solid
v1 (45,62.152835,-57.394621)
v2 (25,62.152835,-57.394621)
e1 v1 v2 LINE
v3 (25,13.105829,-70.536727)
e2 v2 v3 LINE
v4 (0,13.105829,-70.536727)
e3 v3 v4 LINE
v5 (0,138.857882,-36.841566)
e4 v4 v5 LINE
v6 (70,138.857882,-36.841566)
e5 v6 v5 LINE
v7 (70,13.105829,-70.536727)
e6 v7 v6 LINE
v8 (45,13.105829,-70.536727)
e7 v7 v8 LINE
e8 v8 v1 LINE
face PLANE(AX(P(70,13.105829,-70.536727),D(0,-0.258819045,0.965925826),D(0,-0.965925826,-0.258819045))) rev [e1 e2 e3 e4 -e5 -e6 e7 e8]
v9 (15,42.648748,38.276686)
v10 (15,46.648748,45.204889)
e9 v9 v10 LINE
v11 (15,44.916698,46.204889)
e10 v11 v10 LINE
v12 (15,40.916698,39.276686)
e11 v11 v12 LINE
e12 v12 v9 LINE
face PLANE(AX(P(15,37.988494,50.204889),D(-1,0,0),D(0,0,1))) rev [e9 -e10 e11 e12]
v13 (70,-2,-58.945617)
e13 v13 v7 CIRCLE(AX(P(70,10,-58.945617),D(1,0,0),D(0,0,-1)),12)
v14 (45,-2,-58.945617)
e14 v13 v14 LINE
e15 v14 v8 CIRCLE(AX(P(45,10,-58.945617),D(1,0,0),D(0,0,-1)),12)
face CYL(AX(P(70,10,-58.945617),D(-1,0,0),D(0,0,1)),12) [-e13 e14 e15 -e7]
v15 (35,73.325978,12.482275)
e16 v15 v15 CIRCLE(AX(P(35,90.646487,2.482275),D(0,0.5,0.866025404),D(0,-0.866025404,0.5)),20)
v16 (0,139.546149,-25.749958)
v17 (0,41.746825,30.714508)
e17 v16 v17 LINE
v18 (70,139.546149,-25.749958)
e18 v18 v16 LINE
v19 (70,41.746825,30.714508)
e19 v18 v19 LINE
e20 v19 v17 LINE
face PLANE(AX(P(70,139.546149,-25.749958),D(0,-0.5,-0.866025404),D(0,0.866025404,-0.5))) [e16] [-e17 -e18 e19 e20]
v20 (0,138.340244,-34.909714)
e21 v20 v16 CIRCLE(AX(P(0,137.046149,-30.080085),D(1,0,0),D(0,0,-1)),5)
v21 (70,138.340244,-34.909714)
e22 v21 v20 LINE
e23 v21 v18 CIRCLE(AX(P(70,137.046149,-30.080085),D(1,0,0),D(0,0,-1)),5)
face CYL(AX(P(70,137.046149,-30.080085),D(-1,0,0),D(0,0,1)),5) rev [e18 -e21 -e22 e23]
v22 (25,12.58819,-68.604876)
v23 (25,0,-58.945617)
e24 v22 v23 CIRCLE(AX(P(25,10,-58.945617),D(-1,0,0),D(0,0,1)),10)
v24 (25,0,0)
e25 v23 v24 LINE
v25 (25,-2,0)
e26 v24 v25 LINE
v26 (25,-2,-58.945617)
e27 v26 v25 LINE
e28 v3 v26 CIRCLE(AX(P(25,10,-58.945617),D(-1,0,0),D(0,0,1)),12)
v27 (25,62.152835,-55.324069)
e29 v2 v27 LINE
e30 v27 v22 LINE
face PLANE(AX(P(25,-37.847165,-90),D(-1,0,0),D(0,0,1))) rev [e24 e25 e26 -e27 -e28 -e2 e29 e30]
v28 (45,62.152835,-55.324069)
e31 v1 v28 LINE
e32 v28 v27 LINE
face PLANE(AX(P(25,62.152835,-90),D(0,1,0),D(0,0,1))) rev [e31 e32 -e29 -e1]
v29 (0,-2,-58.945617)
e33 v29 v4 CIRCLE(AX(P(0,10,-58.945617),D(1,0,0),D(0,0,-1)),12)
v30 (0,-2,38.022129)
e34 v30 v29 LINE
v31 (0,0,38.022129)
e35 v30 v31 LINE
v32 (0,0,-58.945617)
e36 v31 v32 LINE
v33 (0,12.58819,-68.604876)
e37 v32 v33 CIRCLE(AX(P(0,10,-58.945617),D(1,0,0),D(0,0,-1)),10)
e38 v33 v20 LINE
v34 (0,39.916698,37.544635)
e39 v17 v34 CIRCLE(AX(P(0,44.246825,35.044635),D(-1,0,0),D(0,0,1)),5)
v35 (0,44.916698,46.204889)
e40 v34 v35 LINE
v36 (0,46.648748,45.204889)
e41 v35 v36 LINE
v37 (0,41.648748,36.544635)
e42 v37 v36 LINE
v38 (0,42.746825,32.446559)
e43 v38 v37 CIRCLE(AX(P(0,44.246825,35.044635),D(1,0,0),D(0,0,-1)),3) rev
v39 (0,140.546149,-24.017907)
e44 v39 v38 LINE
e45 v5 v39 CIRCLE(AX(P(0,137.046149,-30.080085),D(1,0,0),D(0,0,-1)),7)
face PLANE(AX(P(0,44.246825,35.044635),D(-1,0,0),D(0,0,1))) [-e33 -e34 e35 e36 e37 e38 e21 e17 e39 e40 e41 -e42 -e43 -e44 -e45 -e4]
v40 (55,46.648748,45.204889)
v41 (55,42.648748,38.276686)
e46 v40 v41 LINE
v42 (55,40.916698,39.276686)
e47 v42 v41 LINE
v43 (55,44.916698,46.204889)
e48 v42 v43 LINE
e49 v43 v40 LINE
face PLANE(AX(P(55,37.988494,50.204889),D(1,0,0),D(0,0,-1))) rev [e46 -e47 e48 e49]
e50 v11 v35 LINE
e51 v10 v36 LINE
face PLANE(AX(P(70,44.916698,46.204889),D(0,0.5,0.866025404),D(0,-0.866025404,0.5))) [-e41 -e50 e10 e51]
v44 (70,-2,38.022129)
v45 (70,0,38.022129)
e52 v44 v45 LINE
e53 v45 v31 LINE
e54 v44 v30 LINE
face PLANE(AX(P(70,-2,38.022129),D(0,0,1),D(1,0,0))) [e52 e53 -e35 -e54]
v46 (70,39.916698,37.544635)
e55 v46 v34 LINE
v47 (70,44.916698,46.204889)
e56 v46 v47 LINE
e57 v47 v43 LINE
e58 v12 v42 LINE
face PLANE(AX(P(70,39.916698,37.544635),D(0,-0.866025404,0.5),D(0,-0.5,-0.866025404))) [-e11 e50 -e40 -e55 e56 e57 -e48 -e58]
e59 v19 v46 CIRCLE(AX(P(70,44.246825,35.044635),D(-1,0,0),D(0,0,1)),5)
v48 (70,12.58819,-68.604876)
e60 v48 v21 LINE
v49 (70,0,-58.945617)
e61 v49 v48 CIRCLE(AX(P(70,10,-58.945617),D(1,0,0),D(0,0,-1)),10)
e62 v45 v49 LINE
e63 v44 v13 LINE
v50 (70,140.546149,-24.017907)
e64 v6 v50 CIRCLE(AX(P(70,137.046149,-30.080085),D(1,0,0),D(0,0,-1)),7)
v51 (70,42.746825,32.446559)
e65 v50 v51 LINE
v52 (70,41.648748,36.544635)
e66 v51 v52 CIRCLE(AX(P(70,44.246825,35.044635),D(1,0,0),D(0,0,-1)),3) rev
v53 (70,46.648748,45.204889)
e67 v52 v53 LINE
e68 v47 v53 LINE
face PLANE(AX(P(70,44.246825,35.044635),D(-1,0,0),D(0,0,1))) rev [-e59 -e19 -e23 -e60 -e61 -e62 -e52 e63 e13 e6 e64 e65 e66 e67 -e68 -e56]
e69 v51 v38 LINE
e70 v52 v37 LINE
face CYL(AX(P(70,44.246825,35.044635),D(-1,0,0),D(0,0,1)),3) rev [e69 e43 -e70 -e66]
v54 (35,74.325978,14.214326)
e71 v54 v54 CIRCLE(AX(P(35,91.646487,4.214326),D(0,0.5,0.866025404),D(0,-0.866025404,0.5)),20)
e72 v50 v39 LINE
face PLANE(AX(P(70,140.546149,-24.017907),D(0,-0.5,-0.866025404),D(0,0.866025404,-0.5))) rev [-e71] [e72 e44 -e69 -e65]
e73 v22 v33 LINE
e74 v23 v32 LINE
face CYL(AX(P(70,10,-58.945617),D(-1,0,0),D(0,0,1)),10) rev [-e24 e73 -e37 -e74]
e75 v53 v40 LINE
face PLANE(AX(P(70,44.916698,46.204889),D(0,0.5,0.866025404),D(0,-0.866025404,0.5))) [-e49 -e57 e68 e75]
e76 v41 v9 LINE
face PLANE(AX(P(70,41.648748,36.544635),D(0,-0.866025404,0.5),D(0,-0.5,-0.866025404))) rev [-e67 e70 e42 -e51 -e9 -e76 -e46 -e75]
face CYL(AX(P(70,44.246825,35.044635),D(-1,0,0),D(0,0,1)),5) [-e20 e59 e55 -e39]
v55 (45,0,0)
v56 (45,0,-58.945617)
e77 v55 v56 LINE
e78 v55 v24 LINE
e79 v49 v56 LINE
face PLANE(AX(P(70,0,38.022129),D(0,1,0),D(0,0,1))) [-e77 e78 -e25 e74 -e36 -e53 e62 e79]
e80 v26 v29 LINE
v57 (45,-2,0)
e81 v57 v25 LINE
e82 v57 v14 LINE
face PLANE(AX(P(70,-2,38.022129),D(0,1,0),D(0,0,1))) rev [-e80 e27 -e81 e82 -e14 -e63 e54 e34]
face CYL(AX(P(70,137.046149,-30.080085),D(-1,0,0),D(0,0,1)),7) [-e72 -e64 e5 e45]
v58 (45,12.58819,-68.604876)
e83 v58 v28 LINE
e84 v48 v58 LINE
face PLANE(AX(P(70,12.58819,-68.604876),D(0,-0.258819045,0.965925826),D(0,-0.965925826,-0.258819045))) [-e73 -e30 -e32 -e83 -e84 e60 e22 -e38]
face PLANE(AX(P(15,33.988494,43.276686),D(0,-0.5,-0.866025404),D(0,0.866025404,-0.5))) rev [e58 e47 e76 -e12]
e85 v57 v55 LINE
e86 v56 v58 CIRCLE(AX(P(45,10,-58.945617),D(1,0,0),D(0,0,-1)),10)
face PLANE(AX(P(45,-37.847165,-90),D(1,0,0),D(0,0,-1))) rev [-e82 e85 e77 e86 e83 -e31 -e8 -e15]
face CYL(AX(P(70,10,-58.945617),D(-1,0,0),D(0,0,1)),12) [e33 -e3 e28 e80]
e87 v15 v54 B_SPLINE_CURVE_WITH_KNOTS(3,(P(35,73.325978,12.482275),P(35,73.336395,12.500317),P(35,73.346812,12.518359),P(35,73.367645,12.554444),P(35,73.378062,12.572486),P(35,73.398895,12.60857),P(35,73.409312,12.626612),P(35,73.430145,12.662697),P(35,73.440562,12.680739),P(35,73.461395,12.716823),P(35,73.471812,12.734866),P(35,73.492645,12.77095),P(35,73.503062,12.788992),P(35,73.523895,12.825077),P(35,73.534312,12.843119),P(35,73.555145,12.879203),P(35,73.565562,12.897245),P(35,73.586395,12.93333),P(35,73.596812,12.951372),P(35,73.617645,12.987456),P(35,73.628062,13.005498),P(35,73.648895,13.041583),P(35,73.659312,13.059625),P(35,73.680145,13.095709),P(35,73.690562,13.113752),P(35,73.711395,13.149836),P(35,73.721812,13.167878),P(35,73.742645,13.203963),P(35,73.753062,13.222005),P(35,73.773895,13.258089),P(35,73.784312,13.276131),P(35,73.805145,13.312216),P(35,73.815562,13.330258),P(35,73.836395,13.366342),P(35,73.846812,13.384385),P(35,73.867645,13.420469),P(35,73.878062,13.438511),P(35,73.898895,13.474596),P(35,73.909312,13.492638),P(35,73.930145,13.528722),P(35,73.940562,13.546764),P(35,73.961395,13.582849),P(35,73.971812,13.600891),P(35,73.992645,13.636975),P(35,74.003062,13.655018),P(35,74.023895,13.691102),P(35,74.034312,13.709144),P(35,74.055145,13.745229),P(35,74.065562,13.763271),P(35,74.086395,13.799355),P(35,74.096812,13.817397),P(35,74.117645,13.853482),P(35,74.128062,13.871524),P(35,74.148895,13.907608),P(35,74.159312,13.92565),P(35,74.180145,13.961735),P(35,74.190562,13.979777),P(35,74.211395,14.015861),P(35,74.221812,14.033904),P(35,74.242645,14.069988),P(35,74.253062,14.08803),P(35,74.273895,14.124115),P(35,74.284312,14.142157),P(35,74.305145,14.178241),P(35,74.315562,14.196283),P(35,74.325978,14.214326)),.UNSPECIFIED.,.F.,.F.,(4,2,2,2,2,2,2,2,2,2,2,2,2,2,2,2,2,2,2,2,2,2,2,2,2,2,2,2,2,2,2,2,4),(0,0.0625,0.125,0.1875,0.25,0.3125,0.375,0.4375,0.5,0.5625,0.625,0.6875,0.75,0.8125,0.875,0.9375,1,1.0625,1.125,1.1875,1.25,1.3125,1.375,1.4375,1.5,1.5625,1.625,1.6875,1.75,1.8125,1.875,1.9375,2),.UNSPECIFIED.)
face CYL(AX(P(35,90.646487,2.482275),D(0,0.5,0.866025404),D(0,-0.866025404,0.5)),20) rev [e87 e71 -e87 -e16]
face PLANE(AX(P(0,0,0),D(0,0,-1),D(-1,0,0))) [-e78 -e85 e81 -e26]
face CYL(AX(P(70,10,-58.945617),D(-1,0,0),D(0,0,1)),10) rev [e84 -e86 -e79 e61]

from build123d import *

# Parameters (mm, degrees)
EXTRUDE_THIN1_DEPTH = 70
SKETCH2_W           = 40
SKETCH2_H           = 8
CUT_EXTRUDE1_DEPTH  = 10
SKETCH3_W           = 20
SKETCH3_H           = 100
CUT_EXTRUDE2_DEPTH  = 90
SKETCH9_R           = 20
CUT_EXTRUDE9_DEPTH  = 2


with BuildPart() as part:
    # Sketch1 → Extrude-Thin1 (new body)
    with BuildSketch(Plane(origin=(0, 0, 0), x_dir=(0, 0, -1), z_dir=(1, 0, 0))):
        with BuildLine():
            Line((-38.022129, 0), (58.945617271, 0))
            ThreePointArc((58.945617271, 0), (66.879150674, 3.91238571), (68.604875534, 12.588190451))
            Line((68.604875534, 12.588190451), (34.909714379, 138.34024385))
            ThreePointArc((34.909714379, 138.34024385), (30.732716209, 142.003372931), (25.749958229, 139.546148624))
            Line((25.749958229, 139.546148624), (-30.714507865, 41.746824527))
            ThreePointArc((-30.714507865, 41.746824527), (-33.750539659, 39.417195395), (-37.544634884, 39.916697508))
            Line((-37.544634884, 39.916697508), (-46.204888922, 44.916697508))
            Line((-46.204888922, 44.916697508), (-45.204888922, 46.648748316))
            Line((-45.204888922, 46.648748316), (-36.544634884, 41.648748316))
            ThreePointArc((-36.544634884, 41.648748316), (-34.268177749, 41.349047048), (-32.446558673, 42.746824527))
            Line((-32.446558673, 42.746824527), (24.017907421, 140.546148624))
            ThreePointArc((24.017907421, 140.546148624), (30.993768593, 143.986262654), (36.841566032, 138.85788194))
            Line((36.841566032, 138.85788194), (70.536727187, 13.105828541))
            ThreePointArc((70.536727187, 13.105828541), (68.465857355, 2.694862852), (58.945617271, -2))
            Line((58.945617271, -2), (-38.022129, -2))
            Line((-38.022129, -2), (-38.022129, 0))
        make_face()
    extrude(amount=EXTRUDE_THIN1_DEPTH)

    # Sketch2 → Cut-Extrude1 (cut)
    with BuildSketch(Plane(origin=(0, 15.412270146, -8.898278318), x_dir=(1, 0, 0), z_dir=(0, 0.8660254037844438, -0.4999999999999912))):
        with Locations((35, -58.472956339)):
            Rectangle(SKETCH2_W, SKETCH2_H)
    extrude(amount=-CUT_EXTRUDE1_DEPTH, mode=Mode.SUBTRACT)

    # Sketch3 → Cut-Extrude2 (cut)
    with BuildSketch(Plane.XY):
        with Locations((35, 12.152835355)):
            Rectangle(SKETCH3_W, SKETCH3_H)
    extrude(amount=-CUT_EXTRUDE2_DEPTH, mode=Mode.SUBTRACT)

    # Sketch9 → Cut-Extrude9 (cut)
    with BuildSketch(Plane(origin=(0, 24.73647817, 42.84483699), x_dir=(1, 0, 0), z_dir=(0, 0.4999999999999915, 0.8660254037844435))):
        with Locations(Location((35, 77.261022729, 0), (0, 0, 270))):
            Circle(SKETCH9_R)
    extrude(amount=-CUT_EXTRUDE9_DEPTH, mode=Mode.SUBTRACT)


solid = part.part
